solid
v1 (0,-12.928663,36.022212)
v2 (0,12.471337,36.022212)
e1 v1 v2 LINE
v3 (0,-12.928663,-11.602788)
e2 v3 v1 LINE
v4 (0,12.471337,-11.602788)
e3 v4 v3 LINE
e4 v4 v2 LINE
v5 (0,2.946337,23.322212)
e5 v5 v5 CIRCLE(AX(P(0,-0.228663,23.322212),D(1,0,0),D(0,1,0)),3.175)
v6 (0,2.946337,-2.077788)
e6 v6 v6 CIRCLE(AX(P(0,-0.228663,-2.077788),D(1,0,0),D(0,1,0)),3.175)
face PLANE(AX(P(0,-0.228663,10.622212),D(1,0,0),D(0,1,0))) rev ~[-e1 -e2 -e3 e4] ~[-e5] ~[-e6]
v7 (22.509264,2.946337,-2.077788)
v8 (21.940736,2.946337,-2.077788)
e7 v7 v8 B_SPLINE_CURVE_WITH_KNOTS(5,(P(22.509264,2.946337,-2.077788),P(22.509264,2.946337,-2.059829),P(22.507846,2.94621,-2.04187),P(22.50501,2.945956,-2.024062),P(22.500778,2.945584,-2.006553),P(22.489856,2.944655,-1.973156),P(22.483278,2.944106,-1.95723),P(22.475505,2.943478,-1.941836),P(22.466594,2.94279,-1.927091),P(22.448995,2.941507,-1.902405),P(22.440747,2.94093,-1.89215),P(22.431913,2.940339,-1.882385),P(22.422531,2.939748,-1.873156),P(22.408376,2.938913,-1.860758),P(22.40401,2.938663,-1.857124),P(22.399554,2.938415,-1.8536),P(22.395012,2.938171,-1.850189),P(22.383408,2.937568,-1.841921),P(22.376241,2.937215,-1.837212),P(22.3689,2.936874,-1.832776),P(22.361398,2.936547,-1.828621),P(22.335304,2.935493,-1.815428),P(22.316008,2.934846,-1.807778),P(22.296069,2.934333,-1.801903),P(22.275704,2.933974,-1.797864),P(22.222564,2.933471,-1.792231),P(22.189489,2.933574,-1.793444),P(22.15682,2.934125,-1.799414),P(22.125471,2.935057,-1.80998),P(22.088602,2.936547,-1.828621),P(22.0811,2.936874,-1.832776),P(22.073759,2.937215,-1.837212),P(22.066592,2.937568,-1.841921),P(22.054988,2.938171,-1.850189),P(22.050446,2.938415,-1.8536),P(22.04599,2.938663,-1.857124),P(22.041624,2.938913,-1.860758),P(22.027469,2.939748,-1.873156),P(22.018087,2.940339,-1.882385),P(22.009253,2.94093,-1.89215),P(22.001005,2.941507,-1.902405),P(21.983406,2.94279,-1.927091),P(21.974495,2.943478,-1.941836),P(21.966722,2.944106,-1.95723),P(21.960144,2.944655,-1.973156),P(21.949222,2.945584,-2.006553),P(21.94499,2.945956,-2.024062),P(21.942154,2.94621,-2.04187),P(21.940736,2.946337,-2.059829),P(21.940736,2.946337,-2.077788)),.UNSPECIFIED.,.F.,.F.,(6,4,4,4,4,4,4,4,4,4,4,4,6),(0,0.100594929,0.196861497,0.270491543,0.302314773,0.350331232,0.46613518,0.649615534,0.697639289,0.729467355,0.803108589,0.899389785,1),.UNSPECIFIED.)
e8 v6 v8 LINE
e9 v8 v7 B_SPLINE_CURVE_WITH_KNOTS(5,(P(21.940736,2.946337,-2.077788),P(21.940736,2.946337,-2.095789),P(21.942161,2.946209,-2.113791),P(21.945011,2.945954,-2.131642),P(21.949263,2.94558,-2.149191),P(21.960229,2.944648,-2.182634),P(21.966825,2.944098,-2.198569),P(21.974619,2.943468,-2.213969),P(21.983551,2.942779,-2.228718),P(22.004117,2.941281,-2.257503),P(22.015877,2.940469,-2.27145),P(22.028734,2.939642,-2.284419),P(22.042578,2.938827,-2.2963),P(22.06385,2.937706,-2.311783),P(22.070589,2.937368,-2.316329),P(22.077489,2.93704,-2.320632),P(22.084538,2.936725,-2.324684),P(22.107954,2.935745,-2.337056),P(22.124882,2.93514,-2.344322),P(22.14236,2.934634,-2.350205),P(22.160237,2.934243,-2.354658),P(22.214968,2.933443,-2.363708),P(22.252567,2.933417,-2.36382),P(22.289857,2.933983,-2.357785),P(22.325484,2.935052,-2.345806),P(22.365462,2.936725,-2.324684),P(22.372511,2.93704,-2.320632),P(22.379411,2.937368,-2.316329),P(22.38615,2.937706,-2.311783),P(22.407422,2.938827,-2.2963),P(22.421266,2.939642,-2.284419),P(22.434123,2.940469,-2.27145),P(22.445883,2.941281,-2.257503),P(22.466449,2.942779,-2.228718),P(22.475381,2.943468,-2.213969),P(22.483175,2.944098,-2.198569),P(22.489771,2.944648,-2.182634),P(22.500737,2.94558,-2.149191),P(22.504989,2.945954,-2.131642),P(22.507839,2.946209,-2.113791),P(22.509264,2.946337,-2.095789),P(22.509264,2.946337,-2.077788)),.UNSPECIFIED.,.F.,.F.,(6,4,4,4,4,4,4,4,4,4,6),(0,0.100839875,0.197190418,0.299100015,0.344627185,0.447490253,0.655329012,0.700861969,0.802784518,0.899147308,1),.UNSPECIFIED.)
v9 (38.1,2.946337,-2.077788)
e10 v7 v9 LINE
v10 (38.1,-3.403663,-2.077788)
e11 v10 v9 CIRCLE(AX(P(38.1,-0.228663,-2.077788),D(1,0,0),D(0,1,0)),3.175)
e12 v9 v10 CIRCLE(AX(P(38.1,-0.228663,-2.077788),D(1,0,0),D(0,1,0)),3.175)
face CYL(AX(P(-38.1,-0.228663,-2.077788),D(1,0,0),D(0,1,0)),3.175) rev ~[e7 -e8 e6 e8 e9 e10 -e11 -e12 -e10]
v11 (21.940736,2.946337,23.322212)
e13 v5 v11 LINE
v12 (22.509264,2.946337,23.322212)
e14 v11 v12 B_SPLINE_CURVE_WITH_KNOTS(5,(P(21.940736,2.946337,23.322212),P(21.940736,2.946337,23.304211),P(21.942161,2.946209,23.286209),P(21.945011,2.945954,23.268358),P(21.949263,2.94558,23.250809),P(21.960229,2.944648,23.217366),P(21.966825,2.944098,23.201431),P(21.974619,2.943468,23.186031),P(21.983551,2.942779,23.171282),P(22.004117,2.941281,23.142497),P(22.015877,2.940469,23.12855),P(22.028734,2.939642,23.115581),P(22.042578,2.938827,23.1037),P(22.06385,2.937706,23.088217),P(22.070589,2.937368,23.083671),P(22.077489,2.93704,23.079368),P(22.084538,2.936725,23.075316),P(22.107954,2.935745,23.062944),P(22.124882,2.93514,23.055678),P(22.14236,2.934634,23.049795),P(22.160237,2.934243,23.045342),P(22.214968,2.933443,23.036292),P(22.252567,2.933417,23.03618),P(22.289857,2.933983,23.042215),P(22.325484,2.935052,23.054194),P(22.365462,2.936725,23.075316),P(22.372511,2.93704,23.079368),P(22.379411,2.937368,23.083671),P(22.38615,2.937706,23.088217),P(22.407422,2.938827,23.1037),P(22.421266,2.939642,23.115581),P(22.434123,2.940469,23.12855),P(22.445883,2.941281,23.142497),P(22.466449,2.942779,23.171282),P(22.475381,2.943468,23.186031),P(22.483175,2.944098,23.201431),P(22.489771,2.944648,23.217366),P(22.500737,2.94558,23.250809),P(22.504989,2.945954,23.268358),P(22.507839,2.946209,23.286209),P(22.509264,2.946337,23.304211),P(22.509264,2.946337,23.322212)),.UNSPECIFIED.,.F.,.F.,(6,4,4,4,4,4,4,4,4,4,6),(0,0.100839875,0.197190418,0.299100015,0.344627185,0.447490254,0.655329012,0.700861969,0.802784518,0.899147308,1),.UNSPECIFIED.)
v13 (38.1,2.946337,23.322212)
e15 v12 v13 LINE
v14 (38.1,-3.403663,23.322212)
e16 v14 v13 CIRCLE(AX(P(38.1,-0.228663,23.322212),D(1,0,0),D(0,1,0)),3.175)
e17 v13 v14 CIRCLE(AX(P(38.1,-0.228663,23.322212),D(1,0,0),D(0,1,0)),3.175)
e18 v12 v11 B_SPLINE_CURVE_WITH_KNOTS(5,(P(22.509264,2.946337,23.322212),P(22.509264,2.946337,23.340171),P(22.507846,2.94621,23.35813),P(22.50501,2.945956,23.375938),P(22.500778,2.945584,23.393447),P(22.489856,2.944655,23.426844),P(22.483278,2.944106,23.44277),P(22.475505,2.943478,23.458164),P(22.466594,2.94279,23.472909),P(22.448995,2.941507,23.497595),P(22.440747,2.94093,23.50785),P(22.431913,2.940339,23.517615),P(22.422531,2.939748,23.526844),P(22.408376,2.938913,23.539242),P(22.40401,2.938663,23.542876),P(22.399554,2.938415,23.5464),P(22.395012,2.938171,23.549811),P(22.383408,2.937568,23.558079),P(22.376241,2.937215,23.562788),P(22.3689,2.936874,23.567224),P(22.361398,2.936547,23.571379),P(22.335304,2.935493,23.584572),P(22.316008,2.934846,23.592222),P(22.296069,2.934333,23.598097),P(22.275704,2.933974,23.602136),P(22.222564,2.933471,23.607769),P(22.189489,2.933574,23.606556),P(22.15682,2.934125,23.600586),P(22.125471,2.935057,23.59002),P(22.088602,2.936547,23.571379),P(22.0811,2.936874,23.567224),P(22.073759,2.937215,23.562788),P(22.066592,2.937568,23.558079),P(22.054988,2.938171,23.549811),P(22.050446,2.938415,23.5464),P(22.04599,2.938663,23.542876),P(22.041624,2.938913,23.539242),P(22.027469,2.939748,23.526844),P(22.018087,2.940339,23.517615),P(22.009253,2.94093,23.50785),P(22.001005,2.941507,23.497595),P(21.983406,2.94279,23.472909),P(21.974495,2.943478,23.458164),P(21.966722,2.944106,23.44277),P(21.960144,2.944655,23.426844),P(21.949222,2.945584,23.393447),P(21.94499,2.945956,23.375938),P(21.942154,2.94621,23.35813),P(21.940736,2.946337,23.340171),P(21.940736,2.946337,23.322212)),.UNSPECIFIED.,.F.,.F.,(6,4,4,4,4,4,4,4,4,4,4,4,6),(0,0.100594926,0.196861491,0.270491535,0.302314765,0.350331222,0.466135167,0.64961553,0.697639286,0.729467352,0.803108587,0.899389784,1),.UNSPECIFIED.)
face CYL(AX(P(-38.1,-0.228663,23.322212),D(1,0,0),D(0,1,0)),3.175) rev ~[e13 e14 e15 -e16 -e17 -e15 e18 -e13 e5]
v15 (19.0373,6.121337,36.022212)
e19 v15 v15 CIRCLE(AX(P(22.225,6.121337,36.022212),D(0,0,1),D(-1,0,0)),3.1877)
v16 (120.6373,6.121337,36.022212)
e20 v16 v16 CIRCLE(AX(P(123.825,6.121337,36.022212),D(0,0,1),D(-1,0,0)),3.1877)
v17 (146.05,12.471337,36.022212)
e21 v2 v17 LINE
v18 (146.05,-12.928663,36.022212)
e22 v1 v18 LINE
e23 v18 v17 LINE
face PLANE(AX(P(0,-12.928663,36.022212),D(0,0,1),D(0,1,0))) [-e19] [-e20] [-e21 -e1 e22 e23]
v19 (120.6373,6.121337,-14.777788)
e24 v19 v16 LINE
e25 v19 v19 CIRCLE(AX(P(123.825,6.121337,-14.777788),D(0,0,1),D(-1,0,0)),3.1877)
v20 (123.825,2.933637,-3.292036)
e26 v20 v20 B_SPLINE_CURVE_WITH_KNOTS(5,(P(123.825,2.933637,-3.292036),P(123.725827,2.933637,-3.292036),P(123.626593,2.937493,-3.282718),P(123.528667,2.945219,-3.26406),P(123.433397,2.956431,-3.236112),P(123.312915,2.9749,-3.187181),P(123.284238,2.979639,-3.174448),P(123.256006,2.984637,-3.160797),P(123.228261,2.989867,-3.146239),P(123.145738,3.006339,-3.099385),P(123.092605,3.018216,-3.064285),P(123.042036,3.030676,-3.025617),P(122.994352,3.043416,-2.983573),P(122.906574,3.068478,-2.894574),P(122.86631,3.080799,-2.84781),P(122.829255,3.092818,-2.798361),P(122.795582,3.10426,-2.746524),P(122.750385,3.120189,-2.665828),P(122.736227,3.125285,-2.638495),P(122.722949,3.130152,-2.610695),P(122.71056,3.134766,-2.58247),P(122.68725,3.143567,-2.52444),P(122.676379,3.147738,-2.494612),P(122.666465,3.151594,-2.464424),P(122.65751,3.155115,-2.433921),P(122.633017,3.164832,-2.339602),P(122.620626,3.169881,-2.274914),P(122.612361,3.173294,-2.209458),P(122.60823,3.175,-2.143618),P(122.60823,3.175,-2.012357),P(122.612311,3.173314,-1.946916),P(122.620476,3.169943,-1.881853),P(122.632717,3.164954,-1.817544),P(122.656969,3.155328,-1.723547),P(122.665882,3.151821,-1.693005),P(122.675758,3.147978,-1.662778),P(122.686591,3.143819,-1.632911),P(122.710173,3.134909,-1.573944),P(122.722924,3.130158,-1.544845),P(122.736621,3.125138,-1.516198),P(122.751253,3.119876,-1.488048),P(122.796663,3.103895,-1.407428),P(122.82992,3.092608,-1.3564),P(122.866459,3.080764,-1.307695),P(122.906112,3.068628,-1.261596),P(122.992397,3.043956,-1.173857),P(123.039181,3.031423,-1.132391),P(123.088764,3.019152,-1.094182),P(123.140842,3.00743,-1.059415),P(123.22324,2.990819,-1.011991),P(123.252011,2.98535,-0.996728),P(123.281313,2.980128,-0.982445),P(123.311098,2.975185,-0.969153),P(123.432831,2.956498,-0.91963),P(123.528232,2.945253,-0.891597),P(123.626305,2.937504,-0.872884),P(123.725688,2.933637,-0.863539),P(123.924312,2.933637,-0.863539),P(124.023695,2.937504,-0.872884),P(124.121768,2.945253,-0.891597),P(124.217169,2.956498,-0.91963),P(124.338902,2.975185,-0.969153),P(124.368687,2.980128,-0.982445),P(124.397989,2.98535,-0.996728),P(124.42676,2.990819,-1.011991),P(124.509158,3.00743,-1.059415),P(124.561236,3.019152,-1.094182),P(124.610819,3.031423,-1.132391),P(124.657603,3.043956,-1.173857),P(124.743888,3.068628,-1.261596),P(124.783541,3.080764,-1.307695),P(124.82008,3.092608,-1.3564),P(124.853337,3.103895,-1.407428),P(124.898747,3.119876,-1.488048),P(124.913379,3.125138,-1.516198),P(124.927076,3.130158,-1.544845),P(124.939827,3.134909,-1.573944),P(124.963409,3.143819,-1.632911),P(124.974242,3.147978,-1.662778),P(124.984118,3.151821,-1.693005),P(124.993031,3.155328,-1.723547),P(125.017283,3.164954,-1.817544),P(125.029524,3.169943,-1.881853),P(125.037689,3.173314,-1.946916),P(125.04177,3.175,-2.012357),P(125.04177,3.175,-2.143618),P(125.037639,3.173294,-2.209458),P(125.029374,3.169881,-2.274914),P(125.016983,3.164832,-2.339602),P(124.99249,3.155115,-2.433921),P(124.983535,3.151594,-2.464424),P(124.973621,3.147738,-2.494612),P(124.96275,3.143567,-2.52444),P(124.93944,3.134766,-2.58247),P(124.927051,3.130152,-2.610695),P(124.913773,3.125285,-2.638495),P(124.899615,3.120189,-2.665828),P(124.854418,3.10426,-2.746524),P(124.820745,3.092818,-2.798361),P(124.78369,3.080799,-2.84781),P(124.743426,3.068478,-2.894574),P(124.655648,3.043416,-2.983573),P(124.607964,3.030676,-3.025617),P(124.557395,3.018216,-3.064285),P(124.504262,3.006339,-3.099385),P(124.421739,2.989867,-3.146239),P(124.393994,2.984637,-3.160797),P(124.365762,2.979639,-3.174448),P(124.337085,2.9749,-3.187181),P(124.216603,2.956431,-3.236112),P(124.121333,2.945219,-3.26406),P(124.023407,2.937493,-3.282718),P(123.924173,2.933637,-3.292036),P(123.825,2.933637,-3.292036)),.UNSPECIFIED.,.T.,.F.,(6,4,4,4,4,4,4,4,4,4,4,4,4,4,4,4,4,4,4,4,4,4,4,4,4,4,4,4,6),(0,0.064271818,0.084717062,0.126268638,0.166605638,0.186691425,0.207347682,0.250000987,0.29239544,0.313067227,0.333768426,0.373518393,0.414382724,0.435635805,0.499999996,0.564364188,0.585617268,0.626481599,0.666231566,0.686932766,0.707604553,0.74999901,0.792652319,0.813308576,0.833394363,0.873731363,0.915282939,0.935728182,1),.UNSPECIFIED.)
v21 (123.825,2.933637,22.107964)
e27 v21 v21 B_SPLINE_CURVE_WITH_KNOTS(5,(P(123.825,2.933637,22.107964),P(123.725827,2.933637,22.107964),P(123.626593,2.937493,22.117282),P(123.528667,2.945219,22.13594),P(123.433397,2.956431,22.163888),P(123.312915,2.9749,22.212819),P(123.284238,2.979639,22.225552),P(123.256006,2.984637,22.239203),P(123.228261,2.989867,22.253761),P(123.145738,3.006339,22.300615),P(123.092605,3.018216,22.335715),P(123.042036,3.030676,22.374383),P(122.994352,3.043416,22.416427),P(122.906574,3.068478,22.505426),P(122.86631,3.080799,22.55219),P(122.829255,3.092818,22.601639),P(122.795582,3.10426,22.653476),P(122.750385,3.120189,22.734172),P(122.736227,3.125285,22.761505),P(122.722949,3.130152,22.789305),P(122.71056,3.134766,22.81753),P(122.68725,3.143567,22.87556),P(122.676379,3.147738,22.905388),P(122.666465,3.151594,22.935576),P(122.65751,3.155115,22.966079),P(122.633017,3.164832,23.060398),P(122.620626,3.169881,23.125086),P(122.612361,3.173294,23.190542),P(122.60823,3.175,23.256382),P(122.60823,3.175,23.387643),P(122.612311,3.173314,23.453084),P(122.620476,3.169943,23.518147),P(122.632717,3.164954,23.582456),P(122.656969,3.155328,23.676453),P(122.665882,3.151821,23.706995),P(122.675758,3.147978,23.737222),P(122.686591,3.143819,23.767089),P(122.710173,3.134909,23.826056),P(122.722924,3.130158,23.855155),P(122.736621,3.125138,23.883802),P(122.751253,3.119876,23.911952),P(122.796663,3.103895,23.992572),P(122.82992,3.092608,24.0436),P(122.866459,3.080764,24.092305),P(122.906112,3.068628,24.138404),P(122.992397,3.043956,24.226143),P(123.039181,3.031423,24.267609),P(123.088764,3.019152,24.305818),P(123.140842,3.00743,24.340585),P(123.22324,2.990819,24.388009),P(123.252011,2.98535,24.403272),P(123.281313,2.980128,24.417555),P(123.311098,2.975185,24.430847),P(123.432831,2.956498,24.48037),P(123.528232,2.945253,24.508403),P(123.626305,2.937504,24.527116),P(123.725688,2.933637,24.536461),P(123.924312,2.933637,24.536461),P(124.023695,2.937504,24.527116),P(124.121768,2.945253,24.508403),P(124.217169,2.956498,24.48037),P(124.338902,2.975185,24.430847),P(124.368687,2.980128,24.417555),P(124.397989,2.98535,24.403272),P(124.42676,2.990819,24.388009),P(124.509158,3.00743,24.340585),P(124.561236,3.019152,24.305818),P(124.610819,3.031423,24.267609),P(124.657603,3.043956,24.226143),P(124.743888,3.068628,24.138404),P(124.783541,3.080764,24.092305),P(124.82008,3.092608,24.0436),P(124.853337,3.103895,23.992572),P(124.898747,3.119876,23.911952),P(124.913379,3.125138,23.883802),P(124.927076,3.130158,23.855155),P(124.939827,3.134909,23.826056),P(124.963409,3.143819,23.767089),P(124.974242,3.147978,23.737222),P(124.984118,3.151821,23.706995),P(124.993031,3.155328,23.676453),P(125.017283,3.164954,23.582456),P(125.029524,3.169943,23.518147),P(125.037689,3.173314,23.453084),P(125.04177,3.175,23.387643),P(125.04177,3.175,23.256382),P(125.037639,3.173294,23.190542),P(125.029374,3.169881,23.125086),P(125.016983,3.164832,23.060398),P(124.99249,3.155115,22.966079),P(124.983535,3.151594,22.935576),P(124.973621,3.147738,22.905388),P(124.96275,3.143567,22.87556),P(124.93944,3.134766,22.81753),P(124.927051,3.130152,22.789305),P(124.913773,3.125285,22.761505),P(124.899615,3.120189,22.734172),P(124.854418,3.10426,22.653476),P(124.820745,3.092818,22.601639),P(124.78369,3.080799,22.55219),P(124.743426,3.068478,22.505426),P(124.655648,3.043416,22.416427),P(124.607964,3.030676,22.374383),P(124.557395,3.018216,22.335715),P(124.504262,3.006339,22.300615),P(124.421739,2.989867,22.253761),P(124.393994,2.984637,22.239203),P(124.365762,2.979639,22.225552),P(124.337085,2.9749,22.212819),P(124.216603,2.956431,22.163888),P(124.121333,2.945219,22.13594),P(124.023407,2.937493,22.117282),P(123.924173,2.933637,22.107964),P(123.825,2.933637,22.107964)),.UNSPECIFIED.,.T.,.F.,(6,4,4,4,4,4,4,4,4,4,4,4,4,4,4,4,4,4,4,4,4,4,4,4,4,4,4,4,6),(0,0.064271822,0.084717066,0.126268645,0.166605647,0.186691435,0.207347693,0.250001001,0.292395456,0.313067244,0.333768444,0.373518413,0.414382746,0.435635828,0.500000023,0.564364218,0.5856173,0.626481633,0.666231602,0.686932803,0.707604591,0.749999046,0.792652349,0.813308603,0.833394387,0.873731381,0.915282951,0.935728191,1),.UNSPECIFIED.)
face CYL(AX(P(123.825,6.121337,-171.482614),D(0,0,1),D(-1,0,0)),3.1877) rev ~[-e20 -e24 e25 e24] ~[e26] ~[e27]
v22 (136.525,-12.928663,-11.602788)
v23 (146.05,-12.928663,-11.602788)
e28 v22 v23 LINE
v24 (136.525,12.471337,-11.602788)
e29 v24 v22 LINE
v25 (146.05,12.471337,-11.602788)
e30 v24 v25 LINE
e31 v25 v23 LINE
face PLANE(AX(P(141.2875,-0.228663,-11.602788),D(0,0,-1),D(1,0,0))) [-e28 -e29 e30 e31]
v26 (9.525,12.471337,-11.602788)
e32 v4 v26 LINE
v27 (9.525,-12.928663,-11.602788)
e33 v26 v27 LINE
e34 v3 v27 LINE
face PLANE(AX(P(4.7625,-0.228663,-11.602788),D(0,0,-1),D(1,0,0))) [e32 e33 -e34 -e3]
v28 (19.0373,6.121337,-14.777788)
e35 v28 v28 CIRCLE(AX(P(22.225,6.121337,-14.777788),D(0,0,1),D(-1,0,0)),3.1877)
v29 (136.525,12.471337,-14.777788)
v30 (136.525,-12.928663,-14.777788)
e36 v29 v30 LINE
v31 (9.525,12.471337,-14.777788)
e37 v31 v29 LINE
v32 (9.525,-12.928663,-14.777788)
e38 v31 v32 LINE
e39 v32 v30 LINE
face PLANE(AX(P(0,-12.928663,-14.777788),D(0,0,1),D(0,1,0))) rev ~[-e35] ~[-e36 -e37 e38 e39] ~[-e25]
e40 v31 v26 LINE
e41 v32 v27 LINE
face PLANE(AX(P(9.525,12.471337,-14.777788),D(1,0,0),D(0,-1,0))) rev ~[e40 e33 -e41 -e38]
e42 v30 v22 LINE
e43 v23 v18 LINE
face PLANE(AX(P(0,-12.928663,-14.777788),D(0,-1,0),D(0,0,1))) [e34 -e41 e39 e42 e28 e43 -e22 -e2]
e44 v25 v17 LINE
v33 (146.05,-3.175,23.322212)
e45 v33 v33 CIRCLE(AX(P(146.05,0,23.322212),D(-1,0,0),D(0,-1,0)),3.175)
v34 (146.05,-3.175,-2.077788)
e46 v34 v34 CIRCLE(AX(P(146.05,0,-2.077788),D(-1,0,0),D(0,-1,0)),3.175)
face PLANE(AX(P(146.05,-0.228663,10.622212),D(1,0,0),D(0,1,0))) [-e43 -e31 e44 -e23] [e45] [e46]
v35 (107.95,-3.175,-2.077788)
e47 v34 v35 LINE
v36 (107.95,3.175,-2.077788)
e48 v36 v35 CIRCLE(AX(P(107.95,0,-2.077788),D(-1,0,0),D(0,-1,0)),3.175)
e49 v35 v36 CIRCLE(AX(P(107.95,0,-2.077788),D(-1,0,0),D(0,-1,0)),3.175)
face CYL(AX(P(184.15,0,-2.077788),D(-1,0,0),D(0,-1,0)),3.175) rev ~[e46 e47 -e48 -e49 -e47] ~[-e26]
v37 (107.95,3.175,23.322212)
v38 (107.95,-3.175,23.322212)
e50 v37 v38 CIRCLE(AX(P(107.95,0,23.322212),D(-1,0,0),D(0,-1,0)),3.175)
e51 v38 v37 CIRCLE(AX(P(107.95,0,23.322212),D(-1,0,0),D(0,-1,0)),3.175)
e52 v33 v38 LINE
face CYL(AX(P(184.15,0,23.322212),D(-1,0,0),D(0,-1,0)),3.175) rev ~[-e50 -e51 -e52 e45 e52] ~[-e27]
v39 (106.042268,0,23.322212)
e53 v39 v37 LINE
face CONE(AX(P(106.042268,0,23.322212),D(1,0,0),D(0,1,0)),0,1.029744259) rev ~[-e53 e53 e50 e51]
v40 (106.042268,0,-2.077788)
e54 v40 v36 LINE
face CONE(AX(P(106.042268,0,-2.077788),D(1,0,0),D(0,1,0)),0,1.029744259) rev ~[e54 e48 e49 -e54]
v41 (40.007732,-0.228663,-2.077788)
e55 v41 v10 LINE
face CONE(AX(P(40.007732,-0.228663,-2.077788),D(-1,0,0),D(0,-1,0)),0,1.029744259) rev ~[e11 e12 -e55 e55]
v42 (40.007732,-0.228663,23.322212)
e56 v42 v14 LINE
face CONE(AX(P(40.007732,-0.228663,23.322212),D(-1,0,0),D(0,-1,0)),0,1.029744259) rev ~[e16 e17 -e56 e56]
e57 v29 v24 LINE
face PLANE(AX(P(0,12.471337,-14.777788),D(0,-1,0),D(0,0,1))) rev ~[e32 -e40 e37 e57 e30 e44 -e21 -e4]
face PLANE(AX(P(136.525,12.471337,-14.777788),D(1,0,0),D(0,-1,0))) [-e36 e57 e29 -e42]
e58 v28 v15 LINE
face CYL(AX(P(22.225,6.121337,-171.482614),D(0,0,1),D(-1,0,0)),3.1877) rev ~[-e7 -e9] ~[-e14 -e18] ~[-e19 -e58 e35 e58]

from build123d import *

# Parameters (mm, degrees)
F0_W     = 25.4
F0_H     = 50.8
F1_DEPTH = 146.05
F2_W     = 9.525
F2_H     = 25.4
F3_DEPTH = 3.175
F5_D     = 6.35
F5_DEPTH = 38.1
F5_TIP   = 1.9077324654
F7_D     = 6.35
F7_DEPTH = 38.1
F7_TIP   = 1.9077324654
F9_D     = 6.3754


with BuildPart() as f1:
    # F0 (on Right) → F1 (new body)
    with BuildSketch(Plane.YZ):
        with Locations((-0.2286629751, 10.6222124508)):
            Rectangle(F0_W, F0_H)
    extrude(amount=F1_DEPTH)

    # F2 (on face) → F3 (cut)
    with BuildSketch(Plane(origin=(0, 0, -14.7777875492), x_dir=(1, 0, 0), z_dir=(0, 0, -1))):
        with Locations((141.2875, 0.2286629751)):
            Rectangle(F2_W, F2_H)
        with Locations((4.7625, 0.2286629751)):
            Rectangle(F2_W, F2_H)
    extrude(amount=-F3_DEPTH, mode=Mode.SUBTRACT)

    # F5
    with Locations(Plane.YZ.offset(146.05)):
        with Locations((0, 23.3222124508), (0, -2.0777875492)):
            Hole(F5_D / 2, depth=F5_DEPTH)
            with Locations((0, 0, -(F5_DEPTH + F5_TIP / 2))):  # 118° drill point
                Cone(0, F5_D / 2, F5_TIP, mode=Mode.SUBTRACT)

    # F7
    with Locations(Plane(origin=(0, 0, 0), x_dir=(0, -1, 0), z_dir=(-1, 0, 0))):
        with Locations((0.2286629751, 23.3222124508), (0.2286629751, -2.0777875492)):
            Hole(F7_D / 2, depth=F7_DEPTH)
            with Locations((0, 0, -(F7_DEPTH + F7_TIP / 2))):  # 118° drill point
                Cone(0, F7_D / 2, F7_TIP, mode=Mode.SUBTRACT)

    # F9 (through all)
    with Locations(Plane(origin=(0, 0, -14.7777875492), x_dir=(1, 0, 0), z_dir=(0, 0, -1))):
        with Locations((123.825, -6.1213370249), (22.225, -6.1213370249)):
            Hole(F9_D / 2)


solid = f1.part
